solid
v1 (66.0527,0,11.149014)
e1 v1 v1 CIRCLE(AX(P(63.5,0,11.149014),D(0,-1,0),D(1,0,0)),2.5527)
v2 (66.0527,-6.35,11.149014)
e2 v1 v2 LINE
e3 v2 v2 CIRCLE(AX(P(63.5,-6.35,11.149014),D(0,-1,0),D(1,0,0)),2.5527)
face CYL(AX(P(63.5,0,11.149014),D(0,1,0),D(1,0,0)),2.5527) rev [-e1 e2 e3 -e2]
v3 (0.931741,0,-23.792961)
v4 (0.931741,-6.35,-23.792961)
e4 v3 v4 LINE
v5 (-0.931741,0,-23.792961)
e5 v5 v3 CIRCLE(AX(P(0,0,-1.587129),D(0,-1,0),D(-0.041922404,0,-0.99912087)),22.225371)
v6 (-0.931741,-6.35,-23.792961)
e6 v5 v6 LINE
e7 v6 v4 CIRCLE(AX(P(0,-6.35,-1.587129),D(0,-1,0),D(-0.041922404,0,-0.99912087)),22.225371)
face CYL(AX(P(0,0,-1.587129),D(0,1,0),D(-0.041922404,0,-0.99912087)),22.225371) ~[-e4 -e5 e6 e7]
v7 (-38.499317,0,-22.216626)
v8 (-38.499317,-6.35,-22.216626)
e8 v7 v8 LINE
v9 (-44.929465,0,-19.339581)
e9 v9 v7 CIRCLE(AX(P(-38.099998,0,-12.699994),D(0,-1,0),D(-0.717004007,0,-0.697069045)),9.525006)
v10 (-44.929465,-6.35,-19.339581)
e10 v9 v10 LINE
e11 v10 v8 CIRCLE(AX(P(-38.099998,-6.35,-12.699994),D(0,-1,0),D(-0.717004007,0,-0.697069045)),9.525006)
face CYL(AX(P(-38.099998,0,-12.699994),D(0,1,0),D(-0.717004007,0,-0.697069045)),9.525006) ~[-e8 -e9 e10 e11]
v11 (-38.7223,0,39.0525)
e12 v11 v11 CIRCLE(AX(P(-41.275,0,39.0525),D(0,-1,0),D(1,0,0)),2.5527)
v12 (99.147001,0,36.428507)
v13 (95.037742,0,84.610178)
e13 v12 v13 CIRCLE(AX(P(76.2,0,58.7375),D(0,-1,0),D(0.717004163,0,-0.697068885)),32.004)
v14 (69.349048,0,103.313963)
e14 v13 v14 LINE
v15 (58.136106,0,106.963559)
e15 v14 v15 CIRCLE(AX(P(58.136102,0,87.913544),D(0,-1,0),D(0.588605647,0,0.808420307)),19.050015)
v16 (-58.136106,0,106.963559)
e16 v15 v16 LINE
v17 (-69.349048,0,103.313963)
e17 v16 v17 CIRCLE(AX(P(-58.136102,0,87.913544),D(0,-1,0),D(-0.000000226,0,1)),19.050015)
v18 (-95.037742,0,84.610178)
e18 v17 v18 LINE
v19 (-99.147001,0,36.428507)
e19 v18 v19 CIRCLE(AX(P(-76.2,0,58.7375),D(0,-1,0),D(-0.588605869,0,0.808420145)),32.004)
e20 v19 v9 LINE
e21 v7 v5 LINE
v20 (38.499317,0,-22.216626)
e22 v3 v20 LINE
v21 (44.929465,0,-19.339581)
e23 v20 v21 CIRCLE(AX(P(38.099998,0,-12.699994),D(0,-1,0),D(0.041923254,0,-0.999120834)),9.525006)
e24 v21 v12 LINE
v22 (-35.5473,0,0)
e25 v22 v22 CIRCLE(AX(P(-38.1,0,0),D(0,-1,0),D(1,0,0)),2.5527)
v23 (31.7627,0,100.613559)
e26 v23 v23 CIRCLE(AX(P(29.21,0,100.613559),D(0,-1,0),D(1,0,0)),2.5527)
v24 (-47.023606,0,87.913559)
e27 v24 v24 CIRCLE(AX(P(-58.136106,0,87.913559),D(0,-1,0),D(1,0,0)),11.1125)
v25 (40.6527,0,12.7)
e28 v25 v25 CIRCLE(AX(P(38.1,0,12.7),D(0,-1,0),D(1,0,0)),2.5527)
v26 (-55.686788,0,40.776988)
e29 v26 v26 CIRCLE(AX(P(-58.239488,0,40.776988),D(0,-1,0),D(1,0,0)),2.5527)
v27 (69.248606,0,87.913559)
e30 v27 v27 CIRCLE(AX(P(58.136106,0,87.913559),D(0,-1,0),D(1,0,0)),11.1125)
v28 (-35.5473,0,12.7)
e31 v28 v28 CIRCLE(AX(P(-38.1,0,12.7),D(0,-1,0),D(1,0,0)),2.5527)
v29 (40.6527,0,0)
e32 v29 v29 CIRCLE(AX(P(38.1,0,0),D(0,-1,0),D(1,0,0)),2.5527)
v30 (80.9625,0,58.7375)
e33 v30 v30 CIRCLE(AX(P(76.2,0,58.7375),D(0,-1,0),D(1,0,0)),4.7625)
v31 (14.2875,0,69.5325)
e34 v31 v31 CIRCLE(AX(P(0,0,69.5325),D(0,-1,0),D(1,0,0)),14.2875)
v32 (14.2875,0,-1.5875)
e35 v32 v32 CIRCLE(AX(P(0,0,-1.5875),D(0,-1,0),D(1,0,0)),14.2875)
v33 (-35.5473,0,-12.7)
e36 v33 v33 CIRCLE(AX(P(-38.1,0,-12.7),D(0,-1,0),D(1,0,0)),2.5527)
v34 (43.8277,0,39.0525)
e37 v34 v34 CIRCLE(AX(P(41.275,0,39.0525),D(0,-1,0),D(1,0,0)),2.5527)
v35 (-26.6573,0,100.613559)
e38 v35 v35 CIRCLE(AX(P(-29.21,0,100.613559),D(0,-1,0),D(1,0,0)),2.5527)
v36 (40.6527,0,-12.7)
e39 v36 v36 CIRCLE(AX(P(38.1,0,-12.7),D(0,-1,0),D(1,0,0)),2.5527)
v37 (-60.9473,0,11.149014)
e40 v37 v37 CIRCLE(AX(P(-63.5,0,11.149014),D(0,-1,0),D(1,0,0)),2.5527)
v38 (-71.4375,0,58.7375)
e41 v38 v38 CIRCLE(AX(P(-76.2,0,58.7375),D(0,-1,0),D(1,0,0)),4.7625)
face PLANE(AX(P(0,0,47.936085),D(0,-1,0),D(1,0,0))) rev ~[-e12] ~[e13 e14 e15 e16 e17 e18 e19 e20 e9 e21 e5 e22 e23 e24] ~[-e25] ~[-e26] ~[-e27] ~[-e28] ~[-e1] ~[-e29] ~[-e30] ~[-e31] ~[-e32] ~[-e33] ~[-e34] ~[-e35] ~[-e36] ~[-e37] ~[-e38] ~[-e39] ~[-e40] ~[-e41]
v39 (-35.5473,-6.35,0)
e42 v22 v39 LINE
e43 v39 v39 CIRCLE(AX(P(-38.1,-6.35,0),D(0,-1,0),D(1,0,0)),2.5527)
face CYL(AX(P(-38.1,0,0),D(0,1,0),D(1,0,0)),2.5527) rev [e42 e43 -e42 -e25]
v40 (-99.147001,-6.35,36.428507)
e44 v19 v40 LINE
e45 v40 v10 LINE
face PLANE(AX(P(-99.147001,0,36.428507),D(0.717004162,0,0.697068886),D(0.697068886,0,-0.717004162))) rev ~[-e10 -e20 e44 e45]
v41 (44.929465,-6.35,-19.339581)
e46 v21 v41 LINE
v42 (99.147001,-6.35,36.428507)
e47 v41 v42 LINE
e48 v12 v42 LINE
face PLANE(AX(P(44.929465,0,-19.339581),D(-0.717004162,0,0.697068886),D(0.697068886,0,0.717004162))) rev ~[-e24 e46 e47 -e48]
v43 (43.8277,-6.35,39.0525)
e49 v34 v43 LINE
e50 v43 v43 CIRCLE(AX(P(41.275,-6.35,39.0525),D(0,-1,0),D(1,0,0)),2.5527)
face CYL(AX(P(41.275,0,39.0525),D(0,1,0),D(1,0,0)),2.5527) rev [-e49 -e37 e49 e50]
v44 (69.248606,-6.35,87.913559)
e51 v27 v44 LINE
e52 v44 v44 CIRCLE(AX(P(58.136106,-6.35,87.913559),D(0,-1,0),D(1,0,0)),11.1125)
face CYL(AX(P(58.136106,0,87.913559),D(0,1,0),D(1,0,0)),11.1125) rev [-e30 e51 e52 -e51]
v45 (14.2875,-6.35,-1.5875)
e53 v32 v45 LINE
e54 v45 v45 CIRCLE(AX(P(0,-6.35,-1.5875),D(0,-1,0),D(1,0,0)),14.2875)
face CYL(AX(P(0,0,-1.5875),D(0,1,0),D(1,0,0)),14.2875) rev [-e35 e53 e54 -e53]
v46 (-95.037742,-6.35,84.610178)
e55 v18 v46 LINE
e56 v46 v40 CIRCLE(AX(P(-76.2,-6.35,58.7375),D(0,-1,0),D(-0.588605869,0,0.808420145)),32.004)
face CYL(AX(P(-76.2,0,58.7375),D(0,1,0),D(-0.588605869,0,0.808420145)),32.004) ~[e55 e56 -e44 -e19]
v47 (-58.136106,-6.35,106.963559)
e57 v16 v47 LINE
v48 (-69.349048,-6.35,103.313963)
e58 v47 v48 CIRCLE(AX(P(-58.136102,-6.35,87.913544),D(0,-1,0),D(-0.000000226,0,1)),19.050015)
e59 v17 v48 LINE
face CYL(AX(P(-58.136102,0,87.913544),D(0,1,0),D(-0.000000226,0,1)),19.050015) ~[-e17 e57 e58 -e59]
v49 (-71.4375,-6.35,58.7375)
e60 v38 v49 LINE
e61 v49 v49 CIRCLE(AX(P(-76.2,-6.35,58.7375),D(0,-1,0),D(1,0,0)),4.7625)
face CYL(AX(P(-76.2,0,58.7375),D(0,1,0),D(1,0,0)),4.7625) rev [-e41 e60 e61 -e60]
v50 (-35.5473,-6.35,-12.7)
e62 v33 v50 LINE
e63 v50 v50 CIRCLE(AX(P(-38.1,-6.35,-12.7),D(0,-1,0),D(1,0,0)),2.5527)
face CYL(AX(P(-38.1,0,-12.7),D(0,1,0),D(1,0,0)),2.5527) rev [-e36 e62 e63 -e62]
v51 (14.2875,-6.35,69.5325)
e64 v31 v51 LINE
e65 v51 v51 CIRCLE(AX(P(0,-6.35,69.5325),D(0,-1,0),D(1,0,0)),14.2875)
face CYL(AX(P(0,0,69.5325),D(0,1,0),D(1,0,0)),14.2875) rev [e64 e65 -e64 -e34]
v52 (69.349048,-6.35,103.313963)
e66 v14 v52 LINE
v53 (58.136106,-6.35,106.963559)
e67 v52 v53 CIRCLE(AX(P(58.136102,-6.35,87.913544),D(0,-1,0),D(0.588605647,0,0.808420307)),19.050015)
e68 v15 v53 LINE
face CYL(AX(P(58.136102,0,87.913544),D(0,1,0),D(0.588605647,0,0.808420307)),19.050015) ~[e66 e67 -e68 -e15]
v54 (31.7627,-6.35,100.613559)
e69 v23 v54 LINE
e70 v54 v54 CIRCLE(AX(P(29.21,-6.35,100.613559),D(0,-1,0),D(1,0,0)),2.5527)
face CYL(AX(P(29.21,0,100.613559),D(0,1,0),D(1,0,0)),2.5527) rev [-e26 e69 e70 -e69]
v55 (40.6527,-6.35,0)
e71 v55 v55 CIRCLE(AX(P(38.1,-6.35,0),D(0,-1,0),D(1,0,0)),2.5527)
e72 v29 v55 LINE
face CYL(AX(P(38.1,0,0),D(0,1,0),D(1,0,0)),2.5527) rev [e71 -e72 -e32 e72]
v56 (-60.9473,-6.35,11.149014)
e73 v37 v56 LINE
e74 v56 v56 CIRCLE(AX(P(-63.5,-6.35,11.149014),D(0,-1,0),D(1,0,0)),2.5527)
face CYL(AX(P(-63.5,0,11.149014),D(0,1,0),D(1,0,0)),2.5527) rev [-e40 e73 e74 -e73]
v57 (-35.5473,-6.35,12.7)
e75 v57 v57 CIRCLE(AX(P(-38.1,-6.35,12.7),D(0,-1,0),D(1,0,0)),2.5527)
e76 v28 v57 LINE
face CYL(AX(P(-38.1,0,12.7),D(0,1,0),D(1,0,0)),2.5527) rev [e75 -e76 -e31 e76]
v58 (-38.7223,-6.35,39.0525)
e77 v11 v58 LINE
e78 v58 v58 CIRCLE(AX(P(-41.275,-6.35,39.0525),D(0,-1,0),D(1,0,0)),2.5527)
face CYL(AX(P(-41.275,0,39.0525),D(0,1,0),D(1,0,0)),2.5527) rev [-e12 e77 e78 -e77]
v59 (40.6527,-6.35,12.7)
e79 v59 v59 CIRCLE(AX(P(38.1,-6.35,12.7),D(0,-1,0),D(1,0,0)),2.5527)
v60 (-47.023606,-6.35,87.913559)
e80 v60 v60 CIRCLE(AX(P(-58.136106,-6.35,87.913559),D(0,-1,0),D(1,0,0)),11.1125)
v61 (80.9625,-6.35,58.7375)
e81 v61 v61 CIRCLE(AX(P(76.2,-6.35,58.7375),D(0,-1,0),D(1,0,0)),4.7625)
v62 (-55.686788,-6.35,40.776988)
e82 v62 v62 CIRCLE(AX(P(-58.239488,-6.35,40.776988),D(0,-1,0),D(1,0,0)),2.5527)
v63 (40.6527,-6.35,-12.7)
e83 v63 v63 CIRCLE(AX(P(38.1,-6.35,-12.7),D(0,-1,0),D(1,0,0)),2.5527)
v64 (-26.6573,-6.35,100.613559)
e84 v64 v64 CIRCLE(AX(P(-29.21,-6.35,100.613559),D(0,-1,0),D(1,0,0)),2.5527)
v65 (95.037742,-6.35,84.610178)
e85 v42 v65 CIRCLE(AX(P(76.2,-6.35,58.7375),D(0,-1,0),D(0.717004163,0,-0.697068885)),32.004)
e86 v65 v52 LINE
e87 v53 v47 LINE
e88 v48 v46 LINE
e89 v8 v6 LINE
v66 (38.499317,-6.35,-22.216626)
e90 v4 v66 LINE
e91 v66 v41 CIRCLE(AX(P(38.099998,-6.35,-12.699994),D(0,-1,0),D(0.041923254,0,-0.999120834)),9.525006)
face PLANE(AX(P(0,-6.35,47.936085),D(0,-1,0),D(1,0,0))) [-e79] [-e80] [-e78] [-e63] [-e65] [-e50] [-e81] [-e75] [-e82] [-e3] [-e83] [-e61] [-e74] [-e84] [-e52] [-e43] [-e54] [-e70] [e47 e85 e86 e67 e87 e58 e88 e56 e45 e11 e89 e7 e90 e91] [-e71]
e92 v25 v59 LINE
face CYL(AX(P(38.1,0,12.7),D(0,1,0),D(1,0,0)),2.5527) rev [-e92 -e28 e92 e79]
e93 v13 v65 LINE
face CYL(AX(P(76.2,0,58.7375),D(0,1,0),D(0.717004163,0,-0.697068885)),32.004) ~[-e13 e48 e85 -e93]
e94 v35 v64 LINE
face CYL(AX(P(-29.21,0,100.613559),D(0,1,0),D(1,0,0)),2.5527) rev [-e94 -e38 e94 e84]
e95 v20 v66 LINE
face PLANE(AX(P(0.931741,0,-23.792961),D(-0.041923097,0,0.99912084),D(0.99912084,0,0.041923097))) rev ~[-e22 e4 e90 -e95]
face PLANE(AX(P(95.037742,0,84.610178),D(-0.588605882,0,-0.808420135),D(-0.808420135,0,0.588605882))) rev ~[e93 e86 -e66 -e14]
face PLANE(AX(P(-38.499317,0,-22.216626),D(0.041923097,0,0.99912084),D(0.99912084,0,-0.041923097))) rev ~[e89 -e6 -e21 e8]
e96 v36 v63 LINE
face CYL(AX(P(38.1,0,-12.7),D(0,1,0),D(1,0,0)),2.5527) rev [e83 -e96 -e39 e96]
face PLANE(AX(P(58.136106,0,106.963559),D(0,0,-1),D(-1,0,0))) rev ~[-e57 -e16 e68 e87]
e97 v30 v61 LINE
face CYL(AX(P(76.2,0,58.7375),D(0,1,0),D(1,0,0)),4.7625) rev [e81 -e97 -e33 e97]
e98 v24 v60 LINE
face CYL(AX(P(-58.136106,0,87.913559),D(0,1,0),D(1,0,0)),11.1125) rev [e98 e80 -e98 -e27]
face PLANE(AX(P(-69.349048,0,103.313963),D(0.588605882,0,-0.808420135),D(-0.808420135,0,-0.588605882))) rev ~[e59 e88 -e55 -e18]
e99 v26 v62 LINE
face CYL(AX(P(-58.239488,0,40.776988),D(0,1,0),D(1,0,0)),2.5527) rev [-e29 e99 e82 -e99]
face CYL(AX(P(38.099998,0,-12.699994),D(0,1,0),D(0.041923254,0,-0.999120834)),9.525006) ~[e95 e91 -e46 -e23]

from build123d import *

# Parameters (mm, degrees)
F0_R     = 2.5527
F0_R_2   = 14.2875
F0_R_3   = 4.7625
F0_R_4   = 11.1125
F1_DEPTH = 6.35


with BuildPart() as f1:
    # F0 (on Front) → F1 (new body)
    with BuildSketch(Plane.XZ):
        with BuildLine():
            Line((-99.147001, 36.428507), (-44.929465, -19.339581))
            ThreePointArc((-44.929465, -19.339581), (-41.990137, -21.394392), (-38.499317, -22.216626))
            Line((-38.499317, -22.216626), (-0.931741, -23.792961))
            ThreePointArc((-0.931741, -23.792961), (0, -23.8125), (0.931741, -23.792961))
            Line((0.931741, -23.792961), (38.499317, -22.216626))
            ThreePointArc((38.499317, -22.216626), (41.990137, -21.394392), (44.929465, -19.339581))
            Line((44.929465, -19.339581), (99.147001, 36.428507))
            ThreePointArc((99.147001, 36.428507), (108.088235, 61.457145), (95.037742, 84.610178))
            Line((95.037742, 84.610178), (69.349048, 103.313963))
            ThreePointArc((69.349048, 103.313963), (64.032071, 106.028196), (58.136106, 106.963559))
            Line((58.136106, 106.963559), (-58.136106, 106.963559))
            ThreePointArc((-58.136106, 106.963559), (-64.032071, 106.028196), (-69.349048, 103.313963))
            Line((-69.349048, 103.313963), (-95.037742, 84.610178))
            ThreePointArc((-95.037742, 84.610178), (-108.088235, 61.457145), (-99.147001, 36.428507))
        make_face()
        with Locations((-38.1, -12.7)):
            Circle(F0_R, mode=Mode.SUBTRACT)
        with Locations((-38.1, 0)):
            Circle(F0_R, mode=Mode.SUBTRACT)
        with Locations((0, -1.5875)):
            Circle(F0_R_2, mode=Mode.SUBTRACT)
        with Locations((-63.5, 11.149014)):
            Circle(F0_R, mode=Mode.SUBTRACT)
        with Locations((-58.239488, 40.776988)):
            Circle(F0_R, mode=Mode.SUBTRACT)
        with Locations((-38.1, 12.7)):
            Circle(F0_R, mode=Mode.SUBTRACT)
        with Locations((-41.275, 39.0525)):
            Circle(F0_R, mode=Mode.SUBTRACT)
        with Locations((38.1, -12.7)):
            Circle(F0_R, mode=Mode.SUBTRACT)
        with Locations((38.1, 0)):
            Circle(F0_R, mode=Mode.SUBTRACT)
        with Locations((38.1, 12.7)):
            Circle(F0_R, mode=Mode.SUBTRACT)
        with Locations((41.275, 39.0525)):
            Circle(F0_R, mode=Mode.SUBTRACT)
        with Locations((63.5, 11.149014)):
            Circle(F0_R, mode=Mode.SUBTRACT)
        with Locations((-76.2, 58.7375)):
            Circle(F0_R_3, mode=Mode.SUBTRACT)
        with Locations((0, 69.5325)):
            Circle(F0_R_2, mode=Mode.SUBTRACT)
        with Locations((-58.136106, 87.913559)):
            Circle(F0_R_4, mode=Mode.SUBTRACT)
        with Locations((-29.21, 100.613559)):
            Circle(F0_R, mode=Mode.SUBTRACT)
        with Locations((76.2, 58.7375)):
            Circle(F0_R_3, mode=Mode.SUBTRACT)
        with Locations((29.21, 100.613559)):
            Circle(F0_R, mode=Mode.SUBTRACT)
        with Locations((58.136106, 87.913559)):
            Circle(F0_R_4, mode=Mode.SUBTRACT)
    extrude(amount=F1_DEPTH)


solid = f1.part
